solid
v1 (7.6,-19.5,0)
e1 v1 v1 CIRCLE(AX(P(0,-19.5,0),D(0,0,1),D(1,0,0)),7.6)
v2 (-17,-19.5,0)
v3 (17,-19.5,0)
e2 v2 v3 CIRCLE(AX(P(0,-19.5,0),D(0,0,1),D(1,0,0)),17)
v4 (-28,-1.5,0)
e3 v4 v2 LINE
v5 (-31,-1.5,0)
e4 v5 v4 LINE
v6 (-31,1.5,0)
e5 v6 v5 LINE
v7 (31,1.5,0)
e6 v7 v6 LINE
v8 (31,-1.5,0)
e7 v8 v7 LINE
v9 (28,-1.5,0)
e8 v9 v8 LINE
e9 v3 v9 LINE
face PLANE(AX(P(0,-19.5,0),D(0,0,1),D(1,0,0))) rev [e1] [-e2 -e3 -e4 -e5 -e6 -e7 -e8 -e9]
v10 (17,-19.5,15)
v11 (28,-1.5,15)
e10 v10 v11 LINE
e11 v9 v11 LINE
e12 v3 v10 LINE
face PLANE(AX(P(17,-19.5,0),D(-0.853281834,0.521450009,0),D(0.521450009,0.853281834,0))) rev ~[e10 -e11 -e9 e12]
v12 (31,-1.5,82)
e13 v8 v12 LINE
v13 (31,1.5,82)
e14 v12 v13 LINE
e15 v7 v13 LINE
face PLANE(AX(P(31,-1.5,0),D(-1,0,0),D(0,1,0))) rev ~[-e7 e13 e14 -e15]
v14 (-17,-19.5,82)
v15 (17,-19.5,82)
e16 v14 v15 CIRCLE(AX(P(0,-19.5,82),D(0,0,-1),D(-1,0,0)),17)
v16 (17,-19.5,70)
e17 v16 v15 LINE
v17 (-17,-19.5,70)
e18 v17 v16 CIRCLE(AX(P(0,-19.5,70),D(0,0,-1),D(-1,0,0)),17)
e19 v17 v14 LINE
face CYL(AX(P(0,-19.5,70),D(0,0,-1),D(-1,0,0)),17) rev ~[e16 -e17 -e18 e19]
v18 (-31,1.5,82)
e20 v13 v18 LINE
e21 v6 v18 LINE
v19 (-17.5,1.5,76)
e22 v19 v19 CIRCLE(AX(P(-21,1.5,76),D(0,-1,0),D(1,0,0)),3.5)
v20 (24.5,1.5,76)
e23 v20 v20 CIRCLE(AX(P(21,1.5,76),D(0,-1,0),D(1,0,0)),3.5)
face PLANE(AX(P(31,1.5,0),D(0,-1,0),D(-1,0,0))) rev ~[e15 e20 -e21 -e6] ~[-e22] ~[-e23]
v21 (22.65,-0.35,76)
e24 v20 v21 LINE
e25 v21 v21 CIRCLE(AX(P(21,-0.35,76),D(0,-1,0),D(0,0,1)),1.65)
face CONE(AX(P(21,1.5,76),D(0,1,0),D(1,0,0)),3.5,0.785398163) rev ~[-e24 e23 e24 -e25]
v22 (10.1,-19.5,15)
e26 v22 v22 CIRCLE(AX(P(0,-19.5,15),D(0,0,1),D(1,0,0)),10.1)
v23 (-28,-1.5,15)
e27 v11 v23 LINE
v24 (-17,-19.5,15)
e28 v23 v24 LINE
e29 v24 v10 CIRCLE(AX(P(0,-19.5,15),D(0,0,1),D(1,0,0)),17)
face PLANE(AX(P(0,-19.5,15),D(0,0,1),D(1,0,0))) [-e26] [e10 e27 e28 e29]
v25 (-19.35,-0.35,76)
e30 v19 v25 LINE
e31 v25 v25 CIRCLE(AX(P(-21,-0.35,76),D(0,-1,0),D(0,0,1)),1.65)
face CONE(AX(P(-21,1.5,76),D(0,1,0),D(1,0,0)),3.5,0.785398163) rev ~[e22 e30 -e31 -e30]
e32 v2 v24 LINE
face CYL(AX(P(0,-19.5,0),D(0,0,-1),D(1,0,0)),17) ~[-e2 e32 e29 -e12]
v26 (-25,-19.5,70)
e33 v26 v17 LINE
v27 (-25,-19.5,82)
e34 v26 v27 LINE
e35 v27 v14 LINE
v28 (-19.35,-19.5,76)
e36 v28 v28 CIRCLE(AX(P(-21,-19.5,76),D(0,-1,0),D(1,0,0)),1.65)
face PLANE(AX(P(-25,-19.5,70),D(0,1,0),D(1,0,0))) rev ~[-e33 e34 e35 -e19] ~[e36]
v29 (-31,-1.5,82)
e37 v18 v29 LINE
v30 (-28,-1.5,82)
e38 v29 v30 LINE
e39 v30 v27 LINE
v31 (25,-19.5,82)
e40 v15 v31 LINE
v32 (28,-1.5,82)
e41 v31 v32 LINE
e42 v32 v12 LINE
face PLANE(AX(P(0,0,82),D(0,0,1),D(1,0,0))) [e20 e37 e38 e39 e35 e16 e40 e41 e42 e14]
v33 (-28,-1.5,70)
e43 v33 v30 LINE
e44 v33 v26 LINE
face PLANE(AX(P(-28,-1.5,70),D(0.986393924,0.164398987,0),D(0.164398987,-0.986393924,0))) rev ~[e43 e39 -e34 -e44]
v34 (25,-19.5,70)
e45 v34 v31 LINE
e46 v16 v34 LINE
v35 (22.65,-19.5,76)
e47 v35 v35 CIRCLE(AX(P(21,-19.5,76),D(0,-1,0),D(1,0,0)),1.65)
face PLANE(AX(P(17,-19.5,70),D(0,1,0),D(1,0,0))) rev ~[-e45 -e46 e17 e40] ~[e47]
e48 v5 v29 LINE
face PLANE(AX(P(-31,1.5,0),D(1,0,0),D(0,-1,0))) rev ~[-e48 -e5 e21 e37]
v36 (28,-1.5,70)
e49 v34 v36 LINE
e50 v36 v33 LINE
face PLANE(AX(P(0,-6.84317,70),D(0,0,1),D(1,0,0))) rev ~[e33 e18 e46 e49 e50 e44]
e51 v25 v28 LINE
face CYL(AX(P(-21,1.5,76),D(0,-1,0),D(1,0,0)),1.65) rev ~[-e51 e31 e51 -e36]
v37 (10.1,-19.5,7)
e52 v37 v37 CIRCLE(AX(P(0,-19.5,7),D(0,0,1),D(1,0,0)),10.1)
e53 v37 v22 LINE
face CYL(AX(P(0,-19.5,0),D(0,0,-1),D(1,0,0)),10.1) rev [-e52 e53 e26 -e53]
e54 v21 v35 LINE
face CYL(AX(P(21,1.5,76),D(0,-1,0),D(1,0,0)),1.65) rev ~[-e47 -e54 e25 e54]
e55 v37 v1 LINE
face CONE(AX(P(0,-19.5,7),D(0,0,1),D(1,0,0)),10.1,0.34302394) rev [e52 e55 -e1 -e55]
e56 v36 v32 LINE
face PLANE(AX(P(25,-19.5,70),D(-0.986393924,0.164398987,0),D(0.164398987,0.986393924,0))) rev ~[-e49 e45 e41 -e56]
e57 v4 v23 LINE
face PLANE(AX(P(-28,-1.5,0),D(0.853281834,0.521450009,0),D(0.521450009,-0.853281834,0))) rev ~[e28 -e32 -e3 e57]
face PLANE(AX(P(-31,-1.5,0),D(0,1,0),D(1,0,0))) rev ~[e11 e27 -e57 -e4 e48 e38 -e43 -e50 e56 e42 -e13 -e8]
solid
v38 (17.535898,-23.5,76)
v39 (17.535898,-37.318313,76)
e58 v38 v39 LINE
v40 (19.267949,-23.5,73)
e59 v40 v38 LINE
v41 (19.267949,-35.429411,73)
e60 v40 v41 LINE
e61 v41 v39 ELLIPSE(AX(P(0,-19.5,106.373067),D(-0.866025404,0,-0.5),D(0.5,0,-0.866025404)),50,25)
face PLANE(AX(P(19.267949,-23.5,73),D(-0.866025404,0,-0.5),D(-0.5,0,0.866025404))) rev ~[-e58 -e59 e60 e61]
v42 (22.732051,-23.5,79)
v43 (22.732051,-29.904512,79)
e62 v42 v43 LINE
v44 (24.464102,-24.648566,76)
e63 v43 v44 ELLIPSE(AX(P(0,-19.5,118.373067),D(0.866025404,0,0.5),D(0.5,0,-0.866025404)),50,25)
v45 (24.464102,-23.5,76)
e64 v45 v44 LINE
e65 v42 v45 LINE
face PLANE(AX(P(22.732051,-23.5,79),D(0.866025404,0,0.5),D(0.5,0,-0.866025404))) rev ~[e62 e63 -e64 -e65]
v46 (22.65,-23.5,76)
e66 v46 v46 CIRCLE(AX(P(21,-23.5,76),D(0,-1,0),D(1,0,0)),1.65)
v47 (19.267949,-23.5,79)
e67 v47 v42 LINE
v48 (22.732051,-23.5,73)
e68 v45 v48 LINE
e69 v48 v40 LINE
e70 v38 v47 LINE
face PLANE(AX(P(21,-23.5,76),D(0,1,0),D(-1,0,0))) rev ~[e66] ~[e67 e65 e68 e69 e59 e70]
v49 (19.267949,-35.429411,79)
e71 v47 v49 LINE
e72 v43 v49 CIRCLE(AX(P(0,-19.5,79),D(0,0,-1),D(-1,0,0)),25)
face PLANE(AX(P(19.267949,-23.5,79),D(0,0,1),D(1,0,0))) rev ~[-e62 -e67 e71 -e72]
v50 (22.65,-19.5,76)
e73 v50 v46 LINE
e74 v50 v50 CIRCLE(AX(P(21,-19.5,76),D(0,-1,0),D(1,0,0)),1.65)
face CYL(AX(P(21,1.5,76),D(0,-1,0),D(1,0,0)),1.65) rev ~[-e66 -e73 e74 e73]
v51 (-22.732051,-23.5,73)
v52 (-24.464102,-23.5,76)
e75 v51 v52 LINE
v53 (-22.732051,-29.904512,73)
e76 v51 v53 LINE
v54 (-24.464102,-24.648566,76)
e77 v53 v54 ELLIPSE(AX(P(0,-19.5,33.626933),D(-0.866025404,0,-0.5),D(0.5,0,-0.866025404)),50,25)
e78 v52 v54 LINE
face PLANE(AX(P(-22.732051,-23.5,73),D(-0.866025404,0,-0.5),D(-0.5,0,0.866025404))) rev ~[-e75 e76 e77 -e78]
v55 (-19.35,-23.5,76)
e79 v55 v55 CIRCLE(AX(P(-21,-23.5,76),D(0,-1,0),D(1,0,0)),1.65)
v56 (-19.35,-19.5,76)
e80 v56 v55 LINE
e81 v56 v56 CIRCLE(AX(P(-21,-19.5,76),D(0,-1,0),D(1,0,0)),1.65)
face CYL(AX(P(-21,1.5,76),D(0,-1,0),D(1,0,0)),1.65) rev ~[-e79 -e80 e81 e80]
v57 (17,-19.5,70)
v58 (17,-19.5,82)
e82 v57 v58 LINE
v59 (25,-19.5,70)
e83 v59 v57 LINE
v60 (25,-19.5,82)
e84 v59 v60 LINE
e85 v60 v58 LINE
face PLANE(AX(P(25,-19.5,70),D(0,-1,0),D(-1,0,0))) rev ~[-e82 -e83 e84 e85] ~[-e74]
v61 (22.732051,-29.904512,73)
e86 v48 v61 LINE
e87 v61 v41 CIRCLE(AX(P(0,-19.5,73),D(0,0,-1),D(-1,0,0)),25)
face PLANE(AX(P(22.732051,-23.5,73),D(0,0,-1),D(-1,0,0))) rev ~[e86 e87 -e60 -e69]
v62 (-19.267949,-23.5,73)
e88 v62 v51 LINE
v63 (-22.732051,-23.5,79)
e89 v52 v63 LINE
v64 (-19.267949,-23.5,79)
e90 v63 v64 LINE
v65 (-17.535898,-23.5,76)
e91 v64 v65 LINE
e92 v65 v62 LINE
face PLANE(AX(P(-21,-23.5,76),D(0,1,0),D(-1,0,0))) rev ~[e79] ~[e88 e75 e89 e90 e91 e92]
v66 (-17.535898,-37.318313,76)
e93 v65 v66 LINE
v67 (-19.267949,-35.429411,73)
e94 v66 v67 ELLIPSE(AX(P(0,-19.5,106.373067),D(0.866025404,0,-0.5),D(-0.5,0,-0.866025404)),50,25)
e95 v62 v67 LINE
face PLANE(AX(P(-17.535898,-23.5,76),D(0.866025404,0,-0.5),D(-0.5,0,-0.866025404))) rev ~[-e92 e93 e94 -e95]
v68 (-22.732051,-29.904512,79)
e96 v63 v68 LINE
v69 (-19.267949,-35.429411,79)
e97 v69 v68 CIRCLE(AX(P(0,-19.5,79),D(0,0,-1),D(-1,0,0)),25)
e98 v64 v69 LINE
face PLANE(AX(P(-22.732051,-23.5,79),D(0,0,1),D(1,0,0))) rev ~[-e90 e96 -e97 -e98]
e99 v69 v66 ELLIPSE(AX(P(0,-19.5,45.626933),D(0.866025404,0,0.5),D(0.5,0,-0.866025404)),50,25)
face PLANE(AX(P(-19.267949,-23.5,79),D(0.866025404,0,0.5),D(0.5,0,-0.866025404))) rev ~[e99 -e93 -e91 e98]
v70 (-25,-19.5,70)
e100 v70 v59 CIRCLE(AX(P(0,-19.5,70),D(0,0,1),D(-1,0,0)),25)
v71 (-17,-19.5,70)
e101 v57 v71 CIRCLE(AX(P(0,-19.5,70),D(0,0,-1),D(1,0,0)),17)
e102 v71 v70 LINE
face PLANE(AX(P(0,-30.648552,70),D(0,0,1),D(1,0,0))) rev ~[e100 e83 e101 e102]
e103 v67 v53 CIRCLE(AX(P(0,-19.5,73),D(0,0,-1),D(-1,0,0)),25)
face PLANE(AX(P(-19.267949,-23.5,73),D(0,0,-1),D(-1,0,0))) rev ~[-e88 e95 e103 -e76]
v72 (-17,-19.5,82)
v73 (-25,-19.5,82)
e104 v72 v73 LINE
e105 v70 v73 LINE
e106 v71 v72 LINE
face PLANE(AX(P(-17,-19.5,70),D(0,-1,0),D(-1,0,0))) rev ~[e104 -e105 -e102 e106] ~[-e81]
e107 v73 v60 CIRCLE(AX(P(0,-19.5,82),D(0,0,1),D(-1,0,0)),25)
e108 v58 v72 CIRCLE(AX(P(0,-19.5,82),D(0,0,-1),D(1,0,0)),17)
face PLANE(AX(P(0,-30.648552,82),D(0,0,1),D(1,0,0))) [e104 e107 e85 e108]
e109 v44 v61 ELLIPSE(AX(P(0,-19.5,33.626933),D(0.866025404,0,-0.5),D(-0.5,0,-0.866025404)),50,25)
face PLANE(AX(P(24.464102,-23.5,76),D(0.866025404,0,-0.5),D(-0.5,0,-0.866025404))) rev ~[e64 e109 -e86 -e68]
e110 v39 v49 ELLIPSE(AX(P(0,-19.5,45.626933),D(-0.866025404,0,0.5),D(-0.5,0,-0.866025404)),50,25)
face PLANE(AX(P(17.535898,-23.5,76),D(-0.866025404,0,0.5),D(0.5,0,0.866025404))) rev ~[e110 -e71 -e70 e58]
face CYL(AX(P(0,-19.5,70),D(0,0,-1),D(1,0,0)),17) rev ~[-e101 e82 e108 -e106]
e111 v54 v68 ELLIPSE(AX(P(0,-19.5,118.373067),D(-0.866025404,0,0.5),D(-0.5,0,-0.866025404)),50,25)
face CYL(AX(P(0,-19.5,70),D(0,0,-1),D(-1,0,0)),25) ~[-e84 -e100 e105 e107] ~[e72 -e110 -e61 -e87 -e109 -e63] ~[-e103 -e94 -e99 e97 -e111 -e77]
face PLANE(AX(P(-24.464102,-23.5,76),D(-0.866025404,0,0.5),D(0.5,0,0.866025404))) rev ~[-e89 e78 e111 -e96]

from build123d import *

# Parameters (mm, degrees)
F1_DEPTH         = 82
F2_START         = 70
F2_DEPTH         = 12
F3_START         = 70
F3_DEPTH         = 12
F5_D             = 3.3
F5_CSINK_D       = 7
F5_CSINK_ANGLE   = 90
F5_2_D           = 3.3
F5_2_CSINK_D     = 7
F5_2_CSINK_ANGLE = 90
F6_START         = -25
F6_DEPTH         = 25
F0_R             = 10.1
F8_DEPTH         = 15


with BuildPart() as f1:
    # F0 (on Top) → F1 (new body)
    with BuildSketch(Plane.XY):
        Polygon((28, -1.5), (31, -1.5), (31, 1.5), (-31, 1.5), (-31, -1.5), (-28, -1.5), align=None)
    extrude(amount=F1_DEPTH)

    # F0 (on Top) → F2 (join)
    with BuildSketch(Plane.XY.offset(F2_START)):
        with BuildLine():
            Line((17, -19.5), (28, -1.5))
            Line((28, -1.5), (-28, -1.5))
            Line((-28, -1.5), (-17, -19.5))
            ThreePointArc((-17, -19.5), (0, -2.5), (17, -19.5))
        make_face()
        Polygon((25, -19.5), (28, -1.5), (17, -19.5), align=None)
        Polygon((-17, -19.5), (-28, -1.5), (-25, -19.5), align=None)
    extrude(amount=F2_DEPTH)

    # F5 (through all)
    with Locations(Plane(origin=(0, 1.5, 0), x_dir=(-1, 0, 0), z_dir=(0, 1, 0))):
        with Locations((-21, 76), (21, 76)):
            CounterSinkHole(F5_D / 2, F5_CSINK_D / 2, counter_sink_angle=F5_CSINK_ANGLE)

    # F0 (on Top) → F8 (join)
    with BuildSketch(Plane.XY):
        with BuildLine():
            ThreePointArc((-17, -19.5), (0, -36.5), (17, -19.5))
            ThreePointArc((17, -19.5), (0, -2.5), (-17, -19.5))
        make_face()
        with Locations((0, -19.5)):
            Circle(F0_R, mode=Mode.SUBTRACT)
        with BuildLine():
            Line((17, -19.5), (28, -1.5))
            Line((28, -1.5), (-28, -1.5))
            Line((-28, -1.5), (-17, -19.5))
            ThreePointArc((-17, -19.5), (0, -2.5), (17, -19.5))
        make_face()
    extrude(amount=F8_DEPTH)

    # F9 (on offset) → F10 (revolve)
    with BuildSketch(Plane.XZ.offset(19.5)):
        Polygon((10.1, 7), (7.6, 0), (10.1, 0), align=None)
    revolve(axis=Axis((0, -19.5, 3.5), (0, 0, 1)))


with BuildPart() as f3:
    # F0 (on Top) → F3 (new body)
    with BuildSketch(Plane.XY.offset(F3_START)):
        with BuildLine():
            ThreePointArc((-25, -19.5), (0, -44.5), (25, -19.5))
            Line((25, -19.5), (17, -19.5))
            ThreePointArc((17, -19.5), (0, -36.5), (-17, -19.5))
            Line((-17, -19.5), (-25, -19.5))
        make_face()
    extrude(amount=F3_DEPTH)

    # F5#2 (through all)
    with Locations(Plane(origin=(0, 1.5, 0), x_dir=(-1, 0, 0), z_dir=(0, 1, 0))):
        with Locations((-21, 76), (21, 76)):
            CounterSinkHole(F5_2_D / 2, F5_2_CSINK_D / 2, counter_sink_angle=F5_2_CSINK_ANGLE)

    # F4 (on face) → F6 (cut)
    with BuildSketch(Plane(origin=(0, 1.5, 0), x_dir=(-1, 0, 0), z_dir=(0, 1, 0)).offset(F6_START)):
        Polygon((-19.2679491924, 79), (-21, 79), (-22.7320508076, 79), (-24.4641016151, 76), (-22.7320508076, 73), (-19.2679491924, 73), (-17.5358983849, 76), align=None)
        Polygon((19.2679491924, 79), (17.5358983849, 76), (19.2679491924, 73), (22.7320508076, 73), (24.4641016151, 76), (22.7320508076, 79), (21, 79), align=None)
    extrude(amount=-F6_DEPTH, mode=Mode.SUBTRACT)


solid = Compound([f1.part, f3.part])
